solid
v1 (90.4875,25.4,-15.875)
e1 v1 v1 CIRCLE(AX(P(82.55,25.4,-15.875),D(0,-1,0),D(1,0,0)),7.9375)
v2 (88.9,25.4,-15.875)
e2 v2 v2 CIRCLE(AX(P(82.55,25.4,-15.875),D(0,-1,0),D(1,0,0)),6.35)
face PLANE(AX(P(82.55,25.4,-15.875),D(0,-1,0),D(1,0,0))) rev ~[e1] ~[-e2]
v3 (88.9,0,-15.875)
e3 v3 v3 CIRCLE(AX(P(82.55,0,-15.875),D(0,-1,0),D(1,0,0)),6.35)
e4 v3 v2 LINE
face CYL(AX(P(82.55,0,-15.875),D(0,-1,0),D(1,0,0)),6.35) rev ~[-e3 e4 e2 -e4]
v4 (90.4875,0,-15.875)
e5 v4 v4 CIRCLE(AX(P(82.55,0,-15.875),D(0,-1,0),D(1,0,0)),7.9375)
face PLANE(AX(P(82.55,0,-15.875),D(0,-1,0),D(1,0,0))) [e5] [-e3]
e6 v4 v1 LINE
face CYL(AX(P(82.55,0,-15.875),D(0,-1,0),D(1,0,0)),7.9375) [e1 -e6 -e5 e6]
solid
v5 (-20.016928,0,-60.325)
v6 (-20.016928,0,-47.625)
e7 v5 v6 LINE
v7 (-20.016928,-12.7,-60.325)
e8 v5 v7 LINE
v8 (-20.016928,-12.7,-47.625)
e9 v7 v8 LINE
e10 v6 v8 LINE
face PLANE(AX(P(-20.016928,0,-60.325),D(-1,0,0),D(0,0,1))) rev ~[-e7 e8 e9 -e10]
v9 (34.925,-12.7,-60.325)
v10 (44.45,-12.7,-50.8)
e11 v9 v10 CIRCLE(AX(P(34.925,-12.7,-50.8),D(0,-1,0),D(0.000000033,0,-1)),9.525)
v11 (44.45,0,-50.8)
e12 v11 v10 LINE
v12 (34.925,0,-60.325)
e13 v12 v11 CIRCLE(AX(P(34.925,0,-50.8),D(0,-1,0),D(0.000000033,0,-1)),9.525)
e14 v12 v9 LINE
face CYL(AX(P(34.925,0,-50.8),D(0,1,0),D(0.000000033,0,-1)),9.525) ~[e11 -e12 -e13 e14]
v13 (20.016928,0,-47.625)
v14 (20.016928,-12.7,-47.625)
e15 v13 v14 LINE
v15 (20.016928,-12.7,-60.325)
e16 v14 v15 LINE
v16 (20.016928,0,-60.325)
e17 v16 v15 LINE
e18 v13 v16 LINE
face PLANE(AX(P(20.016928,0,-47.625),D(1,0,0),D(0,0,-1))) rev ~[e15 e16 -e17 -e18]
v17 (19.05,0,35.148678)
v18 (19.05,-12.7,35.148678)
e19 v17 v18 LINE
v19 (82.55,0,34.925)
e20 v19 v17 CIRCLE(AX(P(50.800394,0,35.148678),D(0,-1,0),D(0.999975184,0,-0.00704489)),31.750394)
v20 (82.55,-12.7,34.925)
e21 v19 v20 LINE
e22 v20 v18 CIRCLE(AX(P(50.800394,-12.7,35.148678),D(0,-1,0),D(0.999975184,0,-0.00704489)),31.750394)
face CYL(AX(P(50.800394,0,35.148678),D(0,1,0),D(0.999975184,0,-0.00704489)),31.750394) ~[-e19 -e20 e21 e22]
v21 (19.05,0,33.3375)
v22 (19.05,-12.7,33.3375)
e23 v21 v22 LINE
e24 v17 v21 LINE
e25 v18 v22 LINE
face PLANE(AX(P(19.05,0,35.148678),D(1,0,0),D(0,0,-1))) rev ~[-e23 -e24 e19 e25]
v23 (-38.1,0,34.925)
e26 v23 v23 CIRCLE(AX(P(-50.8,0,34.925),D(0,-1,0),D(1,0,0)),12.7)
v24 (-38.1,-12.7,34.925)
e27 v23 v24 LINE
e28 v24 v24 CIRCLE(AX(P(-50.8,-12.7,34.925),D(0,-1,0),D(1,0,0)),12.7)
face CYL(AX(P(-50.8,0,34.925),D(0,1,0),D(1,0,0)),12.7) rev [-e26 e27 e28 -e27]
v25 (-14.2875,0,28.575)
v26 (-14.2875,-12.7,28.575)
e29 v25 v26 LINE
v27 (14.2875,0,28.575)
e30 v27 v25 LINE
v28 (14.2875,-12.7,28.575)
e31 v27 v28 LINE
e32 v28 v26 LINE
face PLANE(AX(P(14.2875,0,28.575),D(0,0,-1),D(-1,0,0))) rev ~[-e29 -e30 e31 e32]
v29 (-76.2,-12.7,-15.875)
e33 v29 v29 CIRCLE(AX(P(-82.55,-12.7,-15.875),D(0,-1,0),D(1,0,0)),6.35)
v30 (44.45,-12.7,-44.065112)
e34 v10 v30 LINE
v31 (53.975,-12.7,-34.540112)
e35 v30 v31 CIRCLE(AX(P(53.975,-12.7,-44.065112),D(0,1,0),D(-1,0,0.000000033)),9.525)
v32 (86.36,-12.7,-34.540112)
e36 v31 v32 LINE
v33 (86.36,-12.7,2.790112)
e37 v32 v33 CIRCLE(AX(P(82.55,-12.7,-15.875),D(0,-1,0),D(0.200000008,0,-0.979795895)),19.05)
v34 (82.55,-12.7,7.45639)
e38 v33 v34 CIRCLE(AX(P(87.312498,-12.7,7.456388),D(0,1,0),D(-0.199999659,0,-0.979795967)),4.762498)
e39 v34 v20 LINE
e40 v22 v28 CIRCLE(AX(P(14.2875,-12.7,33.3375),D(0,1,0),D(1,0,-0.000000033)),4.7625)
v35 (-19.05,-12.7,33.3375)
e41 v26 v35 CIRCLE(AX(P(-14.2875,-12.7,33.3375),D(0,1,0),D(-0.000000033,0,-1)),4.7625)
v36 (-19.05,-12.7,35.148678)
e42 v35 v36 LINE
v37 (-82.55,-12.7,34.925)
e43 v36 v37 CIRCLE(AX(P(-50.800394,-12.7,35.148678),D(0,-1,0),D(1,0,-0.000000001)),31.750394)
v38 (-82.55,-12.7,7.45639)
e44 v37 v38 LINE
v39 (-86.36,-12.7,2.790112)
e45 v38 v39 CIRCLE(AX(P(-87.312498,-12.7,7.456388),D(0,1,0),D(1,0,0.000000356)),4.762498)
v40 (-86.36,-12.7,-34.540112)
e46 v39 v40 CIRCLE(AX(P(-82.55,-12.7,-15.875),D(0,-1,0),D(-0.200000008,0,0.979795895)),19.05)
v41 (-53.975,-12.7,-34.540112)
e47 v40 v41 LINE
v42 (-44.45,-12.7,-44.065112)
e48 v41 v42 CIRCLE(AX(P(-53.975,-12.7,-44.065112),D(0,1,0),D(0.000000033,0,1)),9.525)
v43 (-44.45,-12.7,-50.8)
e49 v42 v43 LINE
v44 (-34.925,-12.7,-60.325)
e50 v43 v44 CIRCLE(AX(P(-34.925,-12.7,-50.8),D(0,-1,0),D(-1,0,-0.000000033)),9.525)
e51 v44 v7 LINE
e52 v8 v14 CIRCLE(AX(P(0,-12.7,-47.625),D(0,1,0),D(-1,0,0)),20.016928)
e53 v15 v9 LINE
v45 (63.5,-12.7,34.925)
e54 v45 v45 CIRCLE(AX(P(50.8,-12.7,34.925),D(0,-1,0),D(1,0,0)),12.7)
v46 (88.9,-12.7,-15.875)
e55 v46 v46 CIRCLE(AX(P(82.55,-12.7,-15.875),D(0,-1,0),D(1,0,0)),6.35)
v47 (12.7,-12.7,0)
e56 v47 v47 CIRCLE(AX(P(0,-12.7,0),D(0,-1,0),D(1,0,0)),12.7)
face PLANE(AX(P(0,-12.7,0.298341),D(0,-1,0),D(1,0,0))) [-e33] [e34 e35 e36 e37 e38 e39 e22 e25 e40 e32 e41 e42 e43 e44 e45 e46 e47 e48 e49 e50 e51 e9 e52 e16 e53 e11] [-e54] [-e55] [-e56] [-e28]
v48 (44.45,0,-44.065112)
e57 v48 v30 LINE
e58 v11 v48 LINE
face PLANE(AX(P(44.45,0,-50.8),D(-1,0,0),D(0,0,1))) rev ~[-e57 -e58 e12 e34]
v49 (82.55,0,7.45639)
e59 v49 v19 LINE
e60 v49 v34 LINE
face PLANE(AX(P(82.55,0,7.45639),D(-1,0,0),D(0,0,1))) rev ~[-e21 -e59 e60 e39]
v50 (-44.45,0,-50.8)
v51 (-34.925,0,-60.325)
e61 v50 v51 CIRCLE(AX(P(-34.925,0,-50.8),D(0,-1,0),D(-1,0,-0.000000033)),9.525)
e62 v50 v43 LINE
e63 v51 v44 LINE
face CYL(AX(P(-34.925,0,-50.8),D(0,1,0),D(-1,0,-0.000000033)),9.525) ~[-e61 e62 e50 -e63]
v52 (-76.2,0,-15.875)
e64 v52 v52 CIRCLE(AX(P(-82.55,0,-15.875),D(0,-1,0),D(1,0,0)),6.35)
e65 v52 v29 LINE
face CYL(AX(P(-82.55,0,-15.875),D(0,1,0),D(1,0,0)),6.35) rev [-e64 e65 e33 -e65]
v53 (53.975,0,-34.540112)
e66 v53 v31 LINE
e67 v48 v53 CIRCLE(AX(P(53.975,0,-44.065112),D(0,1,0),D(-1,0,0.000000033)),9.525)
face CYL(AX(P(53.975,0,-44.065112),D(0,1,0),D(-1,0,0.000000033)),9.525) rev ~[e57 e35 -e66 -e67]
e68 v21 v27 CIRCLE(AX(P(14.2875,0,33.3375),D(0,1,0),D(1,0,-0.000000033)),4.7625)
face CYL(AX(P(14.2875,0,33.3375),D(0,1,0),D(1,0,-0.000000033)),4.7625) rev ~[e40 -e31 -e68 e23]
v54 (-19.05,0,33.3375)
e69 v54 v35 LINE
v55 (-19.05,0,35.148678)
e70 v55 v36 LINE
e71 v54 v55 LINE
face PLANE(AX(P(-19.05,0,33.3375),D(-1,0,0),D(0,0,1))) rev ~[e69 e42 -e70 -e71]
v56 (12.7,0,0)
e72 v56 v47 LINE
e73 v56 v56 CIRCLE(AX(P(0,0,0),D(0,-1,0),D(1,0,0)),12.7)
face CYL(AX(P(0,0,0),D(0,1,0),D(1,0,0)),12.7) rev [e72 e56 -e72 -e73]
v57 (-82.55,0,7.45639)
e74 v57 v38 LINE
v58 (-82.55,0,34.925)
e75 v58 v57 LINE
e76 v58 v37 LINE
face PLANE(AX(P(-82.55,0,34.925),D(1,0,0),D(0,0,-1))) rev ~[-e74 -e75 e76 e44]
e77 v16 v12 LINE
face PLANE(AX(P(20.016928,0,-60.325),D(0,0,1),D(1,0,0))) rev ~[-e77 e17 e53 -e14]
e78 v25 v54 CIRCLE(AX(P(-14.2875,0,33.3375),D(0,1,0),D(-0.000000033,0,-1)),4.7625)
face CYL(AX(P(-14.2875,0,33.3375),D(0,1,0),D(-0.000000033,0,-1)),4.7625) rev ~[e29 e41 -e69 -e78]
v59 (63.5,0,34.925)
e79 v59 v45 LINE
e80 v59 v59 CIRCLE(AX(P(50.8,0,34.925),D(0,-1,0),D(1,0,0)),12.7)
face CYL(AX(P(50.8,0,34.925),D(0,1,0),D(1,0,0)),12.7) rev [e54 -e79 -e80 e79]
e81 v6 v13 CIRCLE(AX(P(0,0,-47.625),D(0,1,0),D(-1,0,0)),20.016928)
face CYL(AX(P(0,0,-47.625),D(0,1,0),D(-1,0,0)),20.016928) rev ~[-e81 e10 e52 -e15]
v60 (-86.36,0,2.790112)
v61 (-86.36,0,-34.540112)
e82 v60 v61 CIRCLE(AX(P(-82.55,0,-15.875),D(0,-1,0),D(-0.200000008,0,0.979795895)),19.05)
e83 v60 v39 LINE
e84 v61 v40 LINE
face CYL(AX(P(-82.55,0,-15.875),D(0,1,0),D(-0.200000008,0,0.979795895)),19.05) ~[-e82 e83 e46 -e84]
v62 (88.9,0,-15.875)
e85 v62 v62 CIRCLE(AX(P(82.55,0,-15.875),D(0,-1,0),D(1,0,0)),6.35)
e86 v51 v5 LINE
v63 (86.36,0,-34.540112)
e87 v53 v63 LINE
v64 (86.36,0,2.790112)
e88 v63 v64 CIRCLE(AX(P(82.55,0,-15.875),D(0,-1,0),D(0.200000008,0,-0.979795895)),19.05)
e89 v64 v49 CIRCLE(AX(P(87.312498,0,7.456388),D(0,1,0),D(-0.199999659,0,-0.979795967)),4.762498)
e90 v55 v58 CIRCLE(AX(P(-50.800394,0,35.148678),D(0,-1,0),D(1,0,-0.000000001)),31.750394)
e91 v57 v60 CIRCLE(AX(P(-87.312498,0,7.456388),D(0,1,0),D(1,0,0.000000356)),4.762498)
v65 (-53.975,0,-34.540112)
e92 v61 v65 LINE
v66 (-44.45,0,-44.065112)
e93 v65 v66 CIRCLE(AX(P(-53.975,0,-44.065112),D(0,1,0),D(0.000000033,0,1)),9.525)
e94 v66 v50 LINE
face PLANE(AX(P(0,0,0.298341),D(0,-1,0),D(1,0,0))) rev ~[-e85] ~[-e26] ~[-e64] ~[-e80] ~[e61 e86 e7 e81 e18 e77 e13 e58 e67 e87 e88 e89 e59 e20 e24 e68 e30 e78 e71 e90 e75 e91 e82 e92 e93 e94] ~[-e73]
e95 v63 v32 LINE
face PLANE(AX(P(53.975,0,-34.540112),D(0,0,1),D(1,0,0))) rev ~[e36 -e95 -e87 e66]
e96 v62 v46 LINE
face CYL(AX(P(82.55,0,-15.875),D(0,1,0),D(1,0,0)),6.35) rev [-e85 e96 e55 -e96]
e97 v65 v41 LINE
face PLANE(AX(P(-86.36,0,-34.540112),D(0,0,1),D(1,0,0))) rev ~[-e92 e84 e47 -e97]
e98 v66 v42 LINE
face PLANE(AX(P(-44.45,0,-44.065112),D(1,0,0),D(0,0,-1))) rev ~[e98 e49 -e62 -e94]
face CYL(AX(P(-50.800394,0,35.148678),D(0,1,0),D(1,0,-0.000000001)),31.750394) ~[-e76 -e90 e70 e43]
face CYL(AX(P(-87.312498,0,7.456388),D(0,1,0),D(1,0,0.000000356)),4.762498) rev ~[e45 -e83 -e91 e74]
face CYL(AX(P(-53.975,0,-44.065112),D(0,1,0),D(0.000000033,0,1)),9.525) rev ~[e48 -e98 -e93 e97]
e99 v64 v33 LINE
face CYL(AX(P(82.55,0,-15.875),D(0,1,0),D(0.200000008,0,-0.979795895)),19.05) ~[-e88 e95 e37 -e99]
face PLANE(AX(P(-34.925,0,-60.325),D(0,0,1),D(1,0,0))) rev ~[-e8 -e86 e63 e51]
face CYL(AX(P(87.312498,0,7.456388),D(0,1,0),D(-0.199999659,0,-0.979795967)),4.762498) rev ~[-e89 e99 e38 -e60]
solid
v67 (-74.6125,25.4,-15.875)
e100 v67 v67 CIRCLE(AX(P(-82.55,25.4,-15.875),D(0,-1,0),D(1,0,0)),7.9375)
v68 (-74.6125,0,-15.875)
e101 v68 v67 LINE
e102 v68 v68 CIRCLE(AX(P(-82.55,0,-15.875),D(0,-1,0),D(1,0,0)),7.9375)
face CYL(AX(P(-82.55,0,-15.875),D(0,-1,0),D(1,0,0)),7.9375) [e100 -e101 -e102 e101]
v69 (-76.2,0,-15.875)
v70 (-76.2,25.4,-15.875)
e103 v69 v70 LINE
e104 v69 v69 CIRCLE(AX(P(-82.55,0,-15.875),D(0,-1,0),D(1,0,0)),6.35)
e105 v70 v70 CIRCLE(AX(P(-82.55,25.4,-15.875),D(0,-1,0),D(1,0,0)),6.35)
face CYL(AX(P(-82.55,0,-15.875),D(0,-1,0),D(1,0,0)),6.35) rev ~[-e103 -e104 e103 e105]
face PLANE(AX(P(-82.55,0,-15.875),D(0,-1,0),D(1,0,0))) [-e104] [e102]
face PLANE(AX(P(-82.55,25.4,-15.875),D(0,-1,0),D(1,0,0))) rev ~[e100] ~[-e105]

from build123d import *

# Parameters (mm, degrees)
F0_R     = 7.9375
F0_R_2   = 12.7
F0_R_3   = 6.35
F1_DEPTH = 12.7
F2_DEPTH = 25.4


with BuildPart() as f1:
    # F0 (on Front) → F1 (new body)
    with BuildSketch(Plane.XZ):
        with BuildLine():
            Line((14.2875, 28.575), (-14.2875, 28.575))
            ThreePointArc((-14.2875, 28.575), (-17.655096, 29.969904), (-19.05, 33.3375))
            Line((-19.05, 33.3375), (-19.05, 35.148678))
            ThreePointArc((-19.05, 35.148678), (-50.912234, 66.898875), (-82.55, 34.925))
            Line((-82.55, 34.925), (-82.55, 7.45639))
            ThreePointArc((-82.55, 7.45639), (-83.623483, 4.44432), (-86.36, 2.790112))
            ThreePointArc((-86.36, 2.790112), (-101.6, -15.875), (-86.36, -34.540112))
            Line((-86.36, -34.540112), (-82.55, -34.540112))
            Line((-82.55, -34.540112), (-53.975, -34.540112))
            ThreePointArc((-53.975, -34.540112), (-47.239808, -37.32992), (-44.45, -44.065112))
            Line((-44.45, -44.065112), (-44.45, -50.8))
            ThreePointArc((-44.45, -50.8), (-41.660192, -57.535192), (-34.925, -60.325))
            Line((-34.925, -60.325), (-20.016928, -60.325))
            Line((-20.016928, -60.325), (-20.016928, -47.625))
            ThreePointArc((-20.016928, -47.625), (0, -27.608072), (20.016928, -47.625))
            Line((20.016928, -47.625), (20.016928, -60.325))
            Line((20.016928, -60.325), (34.925, -60.325))
            ThreePointArc((34.925, -60.325), (41.660192, -57.535192), (44.45, -50.8))
            Line((44.45, -50.8), (44.45, -44.065112))
            ThreePointArc((44.45, -44.065112), (47.239808, -37.32992), (53.975, -34.540112))
            Line((53.975, -34.540112), (82.55, -34.540112))
            Line((82.55, -34.540112), (86.36, -34.540112))
            ThreePointArc((86.36, -34.540112), (101.6, -15.875), (86.36, 2.790112))
            ThreePointArc((86.36, 2.790112), (83.623483, 4.44432), (82.55, 7.45639))
            Line((82.55, 7.45639), (82.55, 34.925))
            ThreePointArc((82.55, 34.925), (50.912234, 66.898875), (19.05, 35.148678))
            Line((19.05, 35.148678), (19.05, 33.3375))
            ThreePointArc((19.05, 33.3375), (17.655096, 29.969904), (14.2875, 28.575))
        make_face()
        with Locations((-82.55, -15.875)):
            Circle(F0_R, mode=Mode.SUBTRACT)
        Circle(F0_R_2, mode=Mode.SUBTRACT)
        with Locations((82.55, -15.875)):
            Circle(F0_R, mode=Mode.SUBTRACT)
        with Locations((-50.8, 34.925)):
            Circle(F0_R_2, mode=Mode.SUBTRACT)
        with Locations((50.8, 34.925)):
            Circle(F0_R_2, mode=Mode.SUBTRACT)
        with Locations((82.55, -15.875)):
            Circle(F0_R)
        with Locations((82.55, -15.875)):
            Circle(F0_R_3, mode=Mode.SUBTRACT)
        with Locations((-82.55, -15.875)):
            Circle(F0_R)
        with Locations((-82.55, -15.875)):
            Circle(F0_R_3, mode=Mode.SUBTRACT)
    extrude(amount=F1_DEPTH)


with BuildPart() as f2:
    # F0 (on Front) → F2 (new body)
    with BuildSketch(Plane.XZ):
        with Locations((-82.55, -15.875)):
            Circle(F0_R)
        with Locations((-82.55, -15.875)):
            Circle(F0_R_3, mode=Mode.SUBTRACT)
        with Locations((82.55, -15.875)):
            Circle(F0_R)
        with Locations((82.55, -15.875)):
            Circle(F0_R_3, mode=Mode.SUBTRACT)
    extrude(amount=-F2_DEPTH)


solid = Compound([f1.part, f2.part])
